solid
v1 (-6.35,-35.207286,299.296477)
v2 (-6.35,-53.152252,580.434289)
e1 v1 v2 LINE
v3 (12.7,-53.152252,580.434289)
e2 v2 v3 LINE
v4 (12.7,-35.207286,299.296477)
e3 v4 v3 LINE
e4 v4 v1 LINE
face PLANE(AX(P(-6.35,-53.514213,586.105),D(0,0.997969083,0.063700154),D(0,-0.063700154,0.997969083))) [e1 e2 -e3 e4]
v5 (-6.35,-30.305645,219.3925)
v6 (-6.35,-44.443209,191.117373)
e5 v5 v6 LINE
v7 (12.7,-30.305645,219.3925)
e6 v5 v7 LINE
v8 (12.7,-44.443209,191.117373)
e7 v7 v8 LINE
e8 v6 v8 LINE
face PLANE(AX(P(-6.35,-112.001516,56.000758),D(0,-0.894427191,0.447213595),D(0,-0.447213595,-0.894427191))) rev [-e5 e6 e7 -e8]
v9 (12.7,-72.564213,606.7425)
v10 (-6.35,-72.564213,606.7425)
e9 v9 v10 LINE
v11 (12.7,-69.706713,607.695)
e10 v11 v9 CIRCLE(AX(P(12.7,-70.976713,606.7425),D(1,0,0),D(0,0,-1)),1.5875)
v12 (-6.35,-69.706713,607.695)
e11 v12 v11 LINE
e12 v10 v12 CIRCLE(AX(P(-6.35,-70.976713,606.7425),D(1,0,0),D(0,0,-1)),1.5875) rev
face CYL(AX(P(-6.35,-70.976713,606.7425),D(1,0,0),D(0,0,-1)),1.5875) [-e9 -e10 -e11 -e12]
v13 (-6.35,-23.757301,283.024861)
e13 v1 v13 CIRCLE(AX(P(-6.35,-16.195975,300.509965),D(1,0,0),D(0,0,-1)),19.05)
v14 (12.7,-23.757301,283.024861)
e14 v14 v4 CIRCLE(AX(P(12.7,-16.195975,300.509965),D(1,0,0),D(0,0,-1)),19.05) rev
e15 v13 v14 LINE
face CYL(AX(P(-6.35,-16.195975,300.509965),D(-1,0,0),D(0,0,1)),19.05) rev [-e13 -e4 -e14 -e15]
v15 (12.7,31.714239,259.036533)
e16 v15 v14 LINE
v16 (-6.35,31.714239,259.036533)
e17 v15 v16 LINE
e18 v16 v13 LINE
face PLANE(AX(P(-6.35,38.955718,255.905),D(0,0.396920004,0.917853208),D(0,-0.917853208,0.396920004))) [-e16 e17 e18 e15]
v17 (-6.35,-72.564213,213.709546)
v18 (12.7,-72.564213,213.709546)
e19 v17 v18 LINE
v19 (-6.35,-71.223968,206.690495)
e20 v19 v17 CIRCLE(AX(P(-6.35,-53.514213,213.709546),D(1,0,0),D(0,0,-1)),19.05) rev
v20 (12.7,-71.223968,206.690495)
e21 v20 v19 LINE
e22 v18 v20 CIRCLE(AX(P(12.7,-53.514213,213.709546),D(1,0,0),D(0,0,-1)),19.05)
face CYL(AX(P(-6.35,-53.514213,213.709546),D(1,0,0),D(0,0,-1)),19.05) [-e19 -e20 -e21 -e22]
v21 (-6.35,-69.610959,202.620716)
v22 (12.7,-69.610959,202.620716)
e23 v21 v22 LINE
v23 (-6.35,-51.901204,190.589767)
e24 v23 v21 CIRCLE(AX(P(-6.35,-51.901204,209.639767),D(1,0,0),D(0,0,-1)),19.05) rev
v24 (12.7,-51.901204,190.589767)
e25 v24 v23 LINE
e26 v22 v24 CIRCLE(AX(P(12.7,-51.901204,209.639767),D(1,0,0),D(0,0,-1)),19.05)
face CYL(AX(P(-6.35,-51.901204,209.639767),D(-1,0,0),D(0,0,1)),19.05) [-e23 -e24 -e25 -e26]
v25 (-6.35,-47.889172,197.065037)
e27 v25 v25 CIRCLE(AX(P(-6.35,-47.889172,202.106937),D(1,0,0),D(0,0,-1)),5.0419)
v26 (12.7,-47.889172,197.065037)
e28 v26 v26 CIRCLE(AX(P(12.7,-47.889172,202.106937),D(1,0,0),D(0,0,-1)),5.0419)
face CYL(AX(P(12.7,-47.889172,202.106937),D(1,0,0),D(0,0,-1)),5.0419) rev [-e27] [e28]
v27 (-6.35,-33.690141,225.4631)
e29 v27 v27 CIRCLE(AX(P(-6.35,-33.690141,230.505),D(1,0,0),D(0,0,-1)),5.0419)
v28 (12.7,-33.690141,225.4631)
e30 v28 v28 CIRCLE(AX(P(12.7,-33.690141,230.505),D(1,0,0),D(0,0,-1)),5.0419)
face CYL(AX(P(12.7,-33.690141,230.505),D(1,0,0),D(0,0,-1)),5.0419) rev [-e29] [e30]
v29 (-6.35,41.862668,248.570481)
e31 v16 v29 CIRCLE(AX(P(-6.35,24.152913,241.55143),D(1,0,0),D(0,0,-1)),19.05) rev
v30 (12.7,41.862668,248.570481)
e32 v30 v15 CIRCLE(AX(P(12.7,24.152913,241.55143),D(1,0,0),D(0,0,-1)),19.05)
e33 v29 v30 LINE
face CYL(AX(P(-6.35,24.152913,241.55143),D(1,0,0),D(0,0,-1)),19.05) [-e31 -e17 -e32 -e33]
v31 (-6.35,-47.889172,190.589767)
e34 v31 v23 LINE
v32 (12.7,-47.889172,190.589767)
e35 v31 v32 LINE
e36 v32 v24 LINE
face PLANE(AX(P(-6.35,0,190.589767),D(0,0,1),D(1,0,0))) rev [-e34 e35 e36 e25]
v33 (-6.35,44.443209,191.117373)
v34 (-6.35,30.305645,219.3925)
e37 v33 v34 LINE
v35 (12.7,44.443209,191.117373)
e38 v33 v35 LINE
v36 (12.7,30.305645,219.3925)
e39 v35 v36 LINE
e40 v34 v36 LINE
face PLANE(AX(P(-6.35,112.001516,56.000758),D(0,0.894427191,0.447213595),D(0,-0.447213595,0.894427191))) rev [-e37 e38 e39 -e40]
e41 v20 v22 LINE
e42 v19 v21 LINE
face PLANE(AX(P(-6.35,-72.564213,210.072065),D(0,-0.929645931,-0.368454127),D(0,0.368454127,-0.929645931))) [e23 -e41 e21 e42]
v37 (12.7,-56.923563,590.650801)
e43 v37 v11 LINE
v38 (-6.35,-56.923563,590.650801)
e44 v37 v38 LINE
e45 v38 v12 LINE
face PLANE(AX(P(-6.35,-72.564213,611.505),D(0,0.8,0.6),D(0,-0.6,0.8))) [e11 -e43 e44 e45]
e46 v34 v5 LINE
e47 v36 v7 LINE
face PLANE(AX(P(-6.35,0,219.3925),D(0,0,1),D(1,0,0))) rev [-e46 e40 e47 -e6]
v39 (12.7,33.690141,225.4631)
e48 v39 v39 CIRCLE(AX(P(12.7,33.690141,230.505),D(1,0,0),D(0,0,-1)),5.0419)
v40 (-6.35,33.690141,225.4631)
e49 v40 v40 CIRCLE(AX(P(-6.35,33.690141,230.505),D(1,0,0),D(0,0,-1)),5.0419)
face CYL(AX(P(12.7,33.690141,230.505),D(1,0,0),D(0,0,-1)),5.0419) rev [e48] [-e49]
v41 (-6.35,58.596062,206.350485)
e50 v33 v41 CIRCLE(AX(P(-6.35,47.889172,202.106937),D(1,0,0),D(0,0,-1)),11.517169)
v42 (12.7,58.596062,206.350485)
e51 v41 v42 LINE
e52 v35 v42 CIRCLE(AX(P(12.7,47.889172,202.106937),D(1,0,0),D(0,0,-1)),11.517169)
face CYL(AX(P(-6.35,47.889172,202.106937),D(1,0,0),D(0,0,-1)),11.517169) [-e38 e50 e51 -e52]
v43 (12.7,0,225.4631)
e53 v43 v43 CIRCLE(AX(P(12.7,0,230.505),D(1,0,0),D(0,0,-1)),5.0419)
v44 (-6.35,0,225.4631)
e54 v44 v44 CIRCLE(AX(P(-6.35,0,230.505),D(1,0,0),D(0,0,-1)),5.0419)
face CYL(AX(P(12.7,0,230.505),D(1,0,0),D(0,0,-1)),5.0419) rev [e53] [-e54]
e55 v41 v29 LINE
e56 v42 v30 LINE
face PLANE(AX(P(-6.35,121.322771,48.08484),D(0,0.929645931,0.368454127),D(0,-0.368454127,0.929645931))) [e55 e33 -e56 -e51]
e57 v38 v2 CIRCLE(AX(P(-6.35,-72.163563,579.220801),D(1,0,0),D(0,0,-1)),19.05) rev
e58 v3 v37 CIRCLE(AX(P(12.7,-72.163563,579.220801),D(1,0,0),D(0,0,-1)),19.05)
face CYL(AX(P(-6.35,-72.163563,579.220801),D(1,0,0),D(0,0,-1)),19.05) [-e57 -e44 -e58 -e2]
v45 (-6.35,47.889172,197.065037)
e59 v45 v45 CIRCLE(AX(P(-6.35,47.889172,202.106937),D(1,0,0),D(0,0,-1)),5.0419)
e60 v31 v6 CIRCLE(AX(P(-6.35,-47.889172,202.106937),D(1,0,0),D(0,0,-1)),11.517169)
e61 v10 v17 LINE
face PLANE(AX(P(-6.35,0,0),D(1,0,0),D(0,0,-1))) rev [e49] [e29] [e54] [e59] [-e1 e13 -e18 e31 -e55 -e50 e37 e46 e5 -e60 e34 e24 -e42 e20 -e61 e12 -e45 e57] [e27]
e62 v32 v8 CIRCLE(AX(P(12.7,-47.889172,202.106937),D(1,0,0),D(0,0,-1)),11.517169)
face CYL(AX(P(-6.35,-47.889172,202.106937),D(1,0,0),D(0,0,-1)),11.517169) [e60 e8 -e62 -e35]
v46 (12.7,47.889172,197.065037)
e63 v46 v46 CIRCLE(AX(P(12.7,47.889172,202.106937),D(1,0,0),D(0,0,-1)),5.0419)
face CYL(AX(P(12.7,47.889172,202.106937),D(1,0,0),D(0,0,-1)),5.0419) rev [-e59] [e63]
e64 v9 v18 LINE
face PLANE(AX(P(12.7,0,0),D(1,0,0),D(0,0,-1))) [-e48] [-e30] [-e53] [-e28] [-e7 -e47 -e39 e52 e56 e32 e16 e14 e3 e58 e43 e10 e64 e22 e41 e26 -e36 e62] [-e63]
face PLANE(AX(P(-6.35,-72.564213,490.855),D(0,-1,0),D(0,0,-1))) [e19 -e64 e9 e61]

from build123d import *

# Parameters (mm, degrees)
SKETCH1_R               = 7.9375
SKETCH1_R_2             = 11.1125
BOSS_EXTRUDE1_DEPTH     = 12.7
F_8_CLEARANCE_HOLE1_D   = 4.4958
SKETCH5_R               = 18.415
CUT_EXTRUDE1_DEPTH      = 13.7
SKETCH7_R               = 9.525
CUT_EXTRUDE2_DEPTH      = 13.7
CUT_EXTRUDE3_DEPTH      = 13.7
BOSS_EXTRUDE2_DEPTH     = 12.7
CUT_EXTRUDE4_DEPTH      = 13.7
SKETCH11_W              = 12.7
SKETCH11_H              = 178.054
CUT_EXTRUDE5_DEPTH      = 3.175
BOSS_EXTRUDE3_DEPTH     = 19.05
CUT_EXTRUDE6_DEPTH      = 20.05
F_3_8_CLEARANCE_HOLE1_D = 10.0838
CUT_EXTRUDE7_DEPTH      = 20.05
BOSS_EXTRUDE4_DEPTH     = 19.05
FILLET1_R               = 19.05
FILLET3_R               = 1.5875


with BuildPart() as part:
    # Sketch1 → Boss-Extrude1 (new body)
    with BuildSketch(Plane(origin=(0, 0, 0), x_dir=(0, 0, -1), z_dir=(1, 0, 0))):
        with BuildLine():
            Line((93.345, 0), (55.245, 50.8))
            Line((55.245, 50.8), (-160.655, 50.8))
            ThreePointArc((-160.655, 50.8), (-211.455, 0), (-160.655, -50.8))
            Line((-160.655, -50.8), (55.245, -50.8))
            Line((55.245, -50.8), (93.345, 0))
        make_face()
        with Locations((-88.9, 0)):
            Circle(SKETCH1_R, mode=Mode.SUBTRACT)
        with Locations((-38.1, 0)):
            Circle(SKETCH1_R, mode=Mode.SUBTRACT)
        with Locations((-160.655, 0)):
            Circle(SKETCH1_R_2, mode=Mode.SUBTRACT)
        Circle(SKETCH1_R, mode=Mode.SUBTRACT)
    extrude(amount=BOSS_EXTRUDE1_DEPTH)

    # #8 Clearance Hole1 (through all)
    with Locations(Plane.ZY):
        with Locations((-17.691104559, 17.691104559), (17.691104559, 17.691104559), (17.691104559, -17.691104559), (-17.691104559, -17.691104559)):
            Hole(F_8_CLEARANCE_HOLE1_D / 2)

    # Sketch5 → Cut-Extrude1 (cut, through all)
    with BuildSketch(Plane.ZY):
        Circle(SKETCH5_R)
    extrude(amount=-CUT_EXTRUDE1_DEPTH, mode=Mode.SUBTRACT)

    # Sketch7 → Cut-Extrude2 (cut, through all)
    with BuildSketch(Plane.ZY):
        with Locations((-55.245, 0)):
            Circle(SKETCH7_R)
    extrude(amount=-CUT_EXTRUDE2_DEPTH, mode=Mode.SUBTRACT)

    # Sketch8 → Cut-Extrude3 (cut, through all)
    with BuildSketch(Plane(origin=(12.7, 0, 0), x_dir=(0, 0, -1), z_dir=(1, 0, 0))):
        Polygon((-160.655, 50.8), (-211.455, 25.4), (-211.455, -25.4), (-160.655, -50.8), (-233.239745749, -50.8), (-233.239745749, 50.8), align=None)
    extrude(amount=-CUT_EXTRUDE3_DEPTH, mode=Mode.SUBTRACT)

    # Sketch9 → Boss-Extrude2 (add)
    with BuildSketch(Plane(origin=(12.7, 0, 0), x_dir=(0, 0, -1), z_dir=(1, 0, 0))):
        Polygon((-160.655, 50.8), (-211.455, 25.4), (-211.455, 0), (-211.455, -25.4), (-160.655, -50.8), (-160.655, -40.64), (-202.749323348, 0), (-160.655, 40.64), align=None)
    extrude(amount=-BOSS_EXTRUDE2_DEPTH)

    # Sketch10 → Cut-Extrude4 (cut, through all)
    with BuildSketch(Plane.ZY):
        Polygon((-79.0575, -19.05), (-79.0575, 19.05), (-93.345, 0), align=None)
    extrude(amount=-CUT_EXTRUDE4_DEPTH, mode=Mode.SUBTRACT)

    # Sketch11 → Cut-Extrude5 (cut)
    with BuildSketch(Plane(origin=(0, 50.8, 0), x_dir=(1, 0, 0), z_dir=(0, 1, 0))):
        with Locations((6.35, -52.705)):
            Rectangle(SKETCH11_W, SKETCH11_H)
    cut_extrude5 = extrude(amount=-CUT_EXTRUDE5_DEPTH, mode=Mode.SUBTRACT)

    # Mirror1: Cut-Extrude5 across plane
    add(cut_extrude5.mirror(Plane.ZX), mode=Mode.SUBTRACT)

    # Sketch13 → Cut-Extrude6 (cut, through all)
    with BuildSketch(Plane(origin=(12.7, 0, 0), x_dir=(0, 0, -1), z_dir=(1, 0, 0))):
        Polygon((-161.254612663, -53.34), (-139.192, -53.34), (-139.192, -50.165), (33.782, -50.165), (33.782, -53.34), (56.515, -53.34), (81.5975, -19.896666667), (81.5975, 19.896666667), (56.515, 53.34), (33.782, 53.34), (33.782, 50.165), (-139.192, 50.165), (-139.192, 53.34), (-161.254612663, 53.34), (-213.995, 26.969806331), (-213.995, -26.969806331), align=None)
    extrude(amount=-CUT_EXTRUDE6_DEPTH, mode=Mode.SUBTRACT)


with BuildPart() as body_2:
    # Sketch12 → Boss-Extrude3 (new body)
    with BuildSketch(Plane(origin=(12.7, 0, 0), x_dir=(0, 0, -1), z_dir=(1, 0, 0))):
        with BuildLine():
            ThreePointArc((-211.89681554, -56.397839854), (-236.855, 0), (-211.89681554, 56.397839854))
            Line((-211.89681554, 56.397839854), (-243.205, 43.989212666))
            Line((-243.205, 43.989212666), (-243.205, -43.989212666))
            Line((-243.205, -43.989212666), (-211.89681554, -56.397839854))
        make_face()
        with BuildLine():
            Line((-217.805, 29.324515829), (-162.154031657, 57.15))
            Line((-162.154031657, 57.15), (-166.916531657, 66.675))
            Line((-166.916531657, 66.675), (-185.966531657, 66.675))
            Line((-185.966531657, 66.675), (-211.89681554, 56.397839854))
            ThreePointArc((-211.89681554, 56.397839854), (-236.855, 0), (-211.89681554, -56.397839854))
            Line((-211.89681554, -56.397839854), (-185.966531657, -66.675))
            Line((-185.966531657, -66.675), (-166.916531657, -66.675))
            Line((-166.916531657, -66.675), (-162.154031657, -57.15))
            Line((-162.154031657, -57.15), (-217.805, -29.324515829))
            Line((-217.805, -29.324515829), (-217.805, 29.324515829))
        make_face()
    extrude(amount=-BOSS_EXTRUDE3_DEPTH)

    # 3/8 Clearance Hole1 (through all)
    with Locations(Plane(origin=(12.7, 0, 0), x_dir=(0, 0, -1), z_dir=(1, 0, 0))):
        with Locations((-230.505, 0), (-230.505, 33.690140829), (-202.106936686, 47.889172486), (-230.505, -33.690140829), (-202.106936686, -47.889172486)):
            Hole(F_3_8_CLEARANCE_HOLE1_D / 2)

    # Sketch16 → Cut-Extrude7 (cut, through all)
    with BuildSketch(Plane(origin=(12.7, 0, 0), x_dir=(0, 0, -1), z_dir=(1, 0, 0))):
        with BuildLine():
            ThreePointArc((-190.589767426, 47.889172486), (-190.722432786, 46.146112328), (-191.117372542, 44.443208515))
            Line((-191.117372542, 44.443208515), (-162.86398324, 58.569903166))
            Line((-162.86398324, 58.569903166), (-166.916531657, 66.675))
            Line((-166.916531657, 66.675), (-185.966531657, 66.675))
            Line((-185.966531657, 66.675), (-206.35048523, 58.596062021))
            ThreePointArc((-206.35048523, 58.596062021), (-195.635015761, 57.415946719), (-190.589767426, 47.889172486))
        make_face()
        with BuildLine():
            Line((-162.86398324, 58.569903166), (-191.117372542, 44.443208515))
            ThreePointArc((-191.117372542, 44.443208515), (-191.551739911, 43.281243579), (-192.108559765, 42.172735946))
            Line((-192.108559765, 42.172735946), (-162.154031657, 57.15))
            Line((-162.154031657, 57.15), (-162.86398324, 58.569903166))
        make_face()
        with BuildLine():
            Line((-191.117372542, 44.443208515), (-205.943903995, 37.029942788))
            ThreePointArc((-205.943903995, 37.029942788), (-204.753711625, 36.680257722), (-203.532813606, 36.460609025))
            Line((-203.532813606, 36.460609025), (-192.108559765, 42.172735946))
            ThreePointArc((-192.108559765, 42.172735946), (-191.551739911, 43.281243579), (-191.117372542, 44.443208515))
        make_face()
        with BuildLine():
            Line((-219.3925, 30.305644786), (-219.3925, -30.305644786))
            Line((-219.3925, -30.305644786), (-205.943903995, -37.029942788))
            ThreePointArc((-205.943903995, -37.029942788), (-204.753711625, -36.680257722), (-203.532813606, -36.460609025))
            Line((-203.532813606, -36.460609025), (-217.805, -29.324515829))
            Line((-217.805, -29.324515829), (-217.805, 29.324515829))
            Line((-217.805, 29.324515829), (-203.532813606, 36.460609025))
            ThreePointArc((-203.532813606, 36.460609025), (-204.753711625, 36.680257722), (-205.943903995, 37.029942788))
            Line((-205.943903995, 37.029942788), (-219.3925, 30.305644786))
        make_face()
        with BuildLine():
            ThreePointArc((-203.532813606, -36.460609025), (-204.753711625, -36.680257722), (-205.943903995, -37.029942788))
            Line((-205.943903995, -37.029942788), (-191.117372542, -44.443208515))
            ThreePointArc((-191.117372542, -44.443208515), (-191.551739911, -43.281243579), (-192.108559765, -42.172735946))
            Line((-192.108559765, -42.172735946), (-203.532813606, -36.460609025))
        make_face()
        with BuildLine():
            ThreePointArc((-192.108559765, -42.172735946), (-191.551739911, -43.281243579), (-191.117372542, -44.443208515))
            Line((-191.117372542, -44.443208515), (-162.86398324, -58.569903166))
            Line((-162.86398324, -58.569903166), (-162.154031657, -57.15))
            Line((-162.154031657, -57.15), (-192.108559765, -42.172735946))
        make_face()
        with BuildLine():
            Line((-162.86398324, -58.569903166), (-191.117372542, -44.443208515))
            ThreePointArc((-191.117372542, -44.443208515), (-190.722432786, -46.146112328), (-190.589767426, -47.889172486))
            Line((-190.589767426, -47.889172486), (-190.589767426, -64.842635395))
            Line((-190.589767426, -64.842635395), (-185.966531657, -66.675))
            Line((-185.966531657, -66.675), (-166.916531657, -66.675))
            Line((-166.916531657, -66.675), (-162.86398324, -58.569903166))
        make_face()
    extrude(amount=-CUT_EXTRUDE7_DEPTH, mode=Mode.SUBTRACT)

    # Sketch17 → Boss-Extrude4 (add)
    with BuildSketch(Plane(origin=(12.7, 0, 0), x_dir=(0, 0, -1), z_dir=(1, 0, 0))):
        Polygon((-490.855, -72.564212666), (-210.072064852, -72.564212666), (-190.589767426, -64.842635395), (-243.205, -43.989212666), (-243.205, 43.989212666), (-255.905, 38.955718453), (-287.655, -34.464212666), (-586.105, -53.514212666), (-611.505, -72.564212666), (-497.205, -72.564212666), align=None)
    extrude(amount=-BOSS_EXTRUDE4_DEPTH)

    # Fillet1
    fillet1_edges = [body_2.edges().sort_by_distance(p)[0] for p in [
        (3.175, -72.564212666, 210.072064852),
        (3.175, -53.514212666, 586.105),
        (3.175, -34.464212666, 287.655),
        (3.175, 38.955718453, 255.905),
        (3.175, -64.842635395, 190.589767426),
    ]]
    fillet(fillet1_edges, radius=FILLET1_R)

    # Fillet3
    fillet3_edges = [body_2.edges().sort_by_distance(p)[0] for p in [
        (3.175, -72.564212666, 611.505),
    ]]
    fillet(fillet3_edges, radius=FILLET3_R)


solid = body_2.part
